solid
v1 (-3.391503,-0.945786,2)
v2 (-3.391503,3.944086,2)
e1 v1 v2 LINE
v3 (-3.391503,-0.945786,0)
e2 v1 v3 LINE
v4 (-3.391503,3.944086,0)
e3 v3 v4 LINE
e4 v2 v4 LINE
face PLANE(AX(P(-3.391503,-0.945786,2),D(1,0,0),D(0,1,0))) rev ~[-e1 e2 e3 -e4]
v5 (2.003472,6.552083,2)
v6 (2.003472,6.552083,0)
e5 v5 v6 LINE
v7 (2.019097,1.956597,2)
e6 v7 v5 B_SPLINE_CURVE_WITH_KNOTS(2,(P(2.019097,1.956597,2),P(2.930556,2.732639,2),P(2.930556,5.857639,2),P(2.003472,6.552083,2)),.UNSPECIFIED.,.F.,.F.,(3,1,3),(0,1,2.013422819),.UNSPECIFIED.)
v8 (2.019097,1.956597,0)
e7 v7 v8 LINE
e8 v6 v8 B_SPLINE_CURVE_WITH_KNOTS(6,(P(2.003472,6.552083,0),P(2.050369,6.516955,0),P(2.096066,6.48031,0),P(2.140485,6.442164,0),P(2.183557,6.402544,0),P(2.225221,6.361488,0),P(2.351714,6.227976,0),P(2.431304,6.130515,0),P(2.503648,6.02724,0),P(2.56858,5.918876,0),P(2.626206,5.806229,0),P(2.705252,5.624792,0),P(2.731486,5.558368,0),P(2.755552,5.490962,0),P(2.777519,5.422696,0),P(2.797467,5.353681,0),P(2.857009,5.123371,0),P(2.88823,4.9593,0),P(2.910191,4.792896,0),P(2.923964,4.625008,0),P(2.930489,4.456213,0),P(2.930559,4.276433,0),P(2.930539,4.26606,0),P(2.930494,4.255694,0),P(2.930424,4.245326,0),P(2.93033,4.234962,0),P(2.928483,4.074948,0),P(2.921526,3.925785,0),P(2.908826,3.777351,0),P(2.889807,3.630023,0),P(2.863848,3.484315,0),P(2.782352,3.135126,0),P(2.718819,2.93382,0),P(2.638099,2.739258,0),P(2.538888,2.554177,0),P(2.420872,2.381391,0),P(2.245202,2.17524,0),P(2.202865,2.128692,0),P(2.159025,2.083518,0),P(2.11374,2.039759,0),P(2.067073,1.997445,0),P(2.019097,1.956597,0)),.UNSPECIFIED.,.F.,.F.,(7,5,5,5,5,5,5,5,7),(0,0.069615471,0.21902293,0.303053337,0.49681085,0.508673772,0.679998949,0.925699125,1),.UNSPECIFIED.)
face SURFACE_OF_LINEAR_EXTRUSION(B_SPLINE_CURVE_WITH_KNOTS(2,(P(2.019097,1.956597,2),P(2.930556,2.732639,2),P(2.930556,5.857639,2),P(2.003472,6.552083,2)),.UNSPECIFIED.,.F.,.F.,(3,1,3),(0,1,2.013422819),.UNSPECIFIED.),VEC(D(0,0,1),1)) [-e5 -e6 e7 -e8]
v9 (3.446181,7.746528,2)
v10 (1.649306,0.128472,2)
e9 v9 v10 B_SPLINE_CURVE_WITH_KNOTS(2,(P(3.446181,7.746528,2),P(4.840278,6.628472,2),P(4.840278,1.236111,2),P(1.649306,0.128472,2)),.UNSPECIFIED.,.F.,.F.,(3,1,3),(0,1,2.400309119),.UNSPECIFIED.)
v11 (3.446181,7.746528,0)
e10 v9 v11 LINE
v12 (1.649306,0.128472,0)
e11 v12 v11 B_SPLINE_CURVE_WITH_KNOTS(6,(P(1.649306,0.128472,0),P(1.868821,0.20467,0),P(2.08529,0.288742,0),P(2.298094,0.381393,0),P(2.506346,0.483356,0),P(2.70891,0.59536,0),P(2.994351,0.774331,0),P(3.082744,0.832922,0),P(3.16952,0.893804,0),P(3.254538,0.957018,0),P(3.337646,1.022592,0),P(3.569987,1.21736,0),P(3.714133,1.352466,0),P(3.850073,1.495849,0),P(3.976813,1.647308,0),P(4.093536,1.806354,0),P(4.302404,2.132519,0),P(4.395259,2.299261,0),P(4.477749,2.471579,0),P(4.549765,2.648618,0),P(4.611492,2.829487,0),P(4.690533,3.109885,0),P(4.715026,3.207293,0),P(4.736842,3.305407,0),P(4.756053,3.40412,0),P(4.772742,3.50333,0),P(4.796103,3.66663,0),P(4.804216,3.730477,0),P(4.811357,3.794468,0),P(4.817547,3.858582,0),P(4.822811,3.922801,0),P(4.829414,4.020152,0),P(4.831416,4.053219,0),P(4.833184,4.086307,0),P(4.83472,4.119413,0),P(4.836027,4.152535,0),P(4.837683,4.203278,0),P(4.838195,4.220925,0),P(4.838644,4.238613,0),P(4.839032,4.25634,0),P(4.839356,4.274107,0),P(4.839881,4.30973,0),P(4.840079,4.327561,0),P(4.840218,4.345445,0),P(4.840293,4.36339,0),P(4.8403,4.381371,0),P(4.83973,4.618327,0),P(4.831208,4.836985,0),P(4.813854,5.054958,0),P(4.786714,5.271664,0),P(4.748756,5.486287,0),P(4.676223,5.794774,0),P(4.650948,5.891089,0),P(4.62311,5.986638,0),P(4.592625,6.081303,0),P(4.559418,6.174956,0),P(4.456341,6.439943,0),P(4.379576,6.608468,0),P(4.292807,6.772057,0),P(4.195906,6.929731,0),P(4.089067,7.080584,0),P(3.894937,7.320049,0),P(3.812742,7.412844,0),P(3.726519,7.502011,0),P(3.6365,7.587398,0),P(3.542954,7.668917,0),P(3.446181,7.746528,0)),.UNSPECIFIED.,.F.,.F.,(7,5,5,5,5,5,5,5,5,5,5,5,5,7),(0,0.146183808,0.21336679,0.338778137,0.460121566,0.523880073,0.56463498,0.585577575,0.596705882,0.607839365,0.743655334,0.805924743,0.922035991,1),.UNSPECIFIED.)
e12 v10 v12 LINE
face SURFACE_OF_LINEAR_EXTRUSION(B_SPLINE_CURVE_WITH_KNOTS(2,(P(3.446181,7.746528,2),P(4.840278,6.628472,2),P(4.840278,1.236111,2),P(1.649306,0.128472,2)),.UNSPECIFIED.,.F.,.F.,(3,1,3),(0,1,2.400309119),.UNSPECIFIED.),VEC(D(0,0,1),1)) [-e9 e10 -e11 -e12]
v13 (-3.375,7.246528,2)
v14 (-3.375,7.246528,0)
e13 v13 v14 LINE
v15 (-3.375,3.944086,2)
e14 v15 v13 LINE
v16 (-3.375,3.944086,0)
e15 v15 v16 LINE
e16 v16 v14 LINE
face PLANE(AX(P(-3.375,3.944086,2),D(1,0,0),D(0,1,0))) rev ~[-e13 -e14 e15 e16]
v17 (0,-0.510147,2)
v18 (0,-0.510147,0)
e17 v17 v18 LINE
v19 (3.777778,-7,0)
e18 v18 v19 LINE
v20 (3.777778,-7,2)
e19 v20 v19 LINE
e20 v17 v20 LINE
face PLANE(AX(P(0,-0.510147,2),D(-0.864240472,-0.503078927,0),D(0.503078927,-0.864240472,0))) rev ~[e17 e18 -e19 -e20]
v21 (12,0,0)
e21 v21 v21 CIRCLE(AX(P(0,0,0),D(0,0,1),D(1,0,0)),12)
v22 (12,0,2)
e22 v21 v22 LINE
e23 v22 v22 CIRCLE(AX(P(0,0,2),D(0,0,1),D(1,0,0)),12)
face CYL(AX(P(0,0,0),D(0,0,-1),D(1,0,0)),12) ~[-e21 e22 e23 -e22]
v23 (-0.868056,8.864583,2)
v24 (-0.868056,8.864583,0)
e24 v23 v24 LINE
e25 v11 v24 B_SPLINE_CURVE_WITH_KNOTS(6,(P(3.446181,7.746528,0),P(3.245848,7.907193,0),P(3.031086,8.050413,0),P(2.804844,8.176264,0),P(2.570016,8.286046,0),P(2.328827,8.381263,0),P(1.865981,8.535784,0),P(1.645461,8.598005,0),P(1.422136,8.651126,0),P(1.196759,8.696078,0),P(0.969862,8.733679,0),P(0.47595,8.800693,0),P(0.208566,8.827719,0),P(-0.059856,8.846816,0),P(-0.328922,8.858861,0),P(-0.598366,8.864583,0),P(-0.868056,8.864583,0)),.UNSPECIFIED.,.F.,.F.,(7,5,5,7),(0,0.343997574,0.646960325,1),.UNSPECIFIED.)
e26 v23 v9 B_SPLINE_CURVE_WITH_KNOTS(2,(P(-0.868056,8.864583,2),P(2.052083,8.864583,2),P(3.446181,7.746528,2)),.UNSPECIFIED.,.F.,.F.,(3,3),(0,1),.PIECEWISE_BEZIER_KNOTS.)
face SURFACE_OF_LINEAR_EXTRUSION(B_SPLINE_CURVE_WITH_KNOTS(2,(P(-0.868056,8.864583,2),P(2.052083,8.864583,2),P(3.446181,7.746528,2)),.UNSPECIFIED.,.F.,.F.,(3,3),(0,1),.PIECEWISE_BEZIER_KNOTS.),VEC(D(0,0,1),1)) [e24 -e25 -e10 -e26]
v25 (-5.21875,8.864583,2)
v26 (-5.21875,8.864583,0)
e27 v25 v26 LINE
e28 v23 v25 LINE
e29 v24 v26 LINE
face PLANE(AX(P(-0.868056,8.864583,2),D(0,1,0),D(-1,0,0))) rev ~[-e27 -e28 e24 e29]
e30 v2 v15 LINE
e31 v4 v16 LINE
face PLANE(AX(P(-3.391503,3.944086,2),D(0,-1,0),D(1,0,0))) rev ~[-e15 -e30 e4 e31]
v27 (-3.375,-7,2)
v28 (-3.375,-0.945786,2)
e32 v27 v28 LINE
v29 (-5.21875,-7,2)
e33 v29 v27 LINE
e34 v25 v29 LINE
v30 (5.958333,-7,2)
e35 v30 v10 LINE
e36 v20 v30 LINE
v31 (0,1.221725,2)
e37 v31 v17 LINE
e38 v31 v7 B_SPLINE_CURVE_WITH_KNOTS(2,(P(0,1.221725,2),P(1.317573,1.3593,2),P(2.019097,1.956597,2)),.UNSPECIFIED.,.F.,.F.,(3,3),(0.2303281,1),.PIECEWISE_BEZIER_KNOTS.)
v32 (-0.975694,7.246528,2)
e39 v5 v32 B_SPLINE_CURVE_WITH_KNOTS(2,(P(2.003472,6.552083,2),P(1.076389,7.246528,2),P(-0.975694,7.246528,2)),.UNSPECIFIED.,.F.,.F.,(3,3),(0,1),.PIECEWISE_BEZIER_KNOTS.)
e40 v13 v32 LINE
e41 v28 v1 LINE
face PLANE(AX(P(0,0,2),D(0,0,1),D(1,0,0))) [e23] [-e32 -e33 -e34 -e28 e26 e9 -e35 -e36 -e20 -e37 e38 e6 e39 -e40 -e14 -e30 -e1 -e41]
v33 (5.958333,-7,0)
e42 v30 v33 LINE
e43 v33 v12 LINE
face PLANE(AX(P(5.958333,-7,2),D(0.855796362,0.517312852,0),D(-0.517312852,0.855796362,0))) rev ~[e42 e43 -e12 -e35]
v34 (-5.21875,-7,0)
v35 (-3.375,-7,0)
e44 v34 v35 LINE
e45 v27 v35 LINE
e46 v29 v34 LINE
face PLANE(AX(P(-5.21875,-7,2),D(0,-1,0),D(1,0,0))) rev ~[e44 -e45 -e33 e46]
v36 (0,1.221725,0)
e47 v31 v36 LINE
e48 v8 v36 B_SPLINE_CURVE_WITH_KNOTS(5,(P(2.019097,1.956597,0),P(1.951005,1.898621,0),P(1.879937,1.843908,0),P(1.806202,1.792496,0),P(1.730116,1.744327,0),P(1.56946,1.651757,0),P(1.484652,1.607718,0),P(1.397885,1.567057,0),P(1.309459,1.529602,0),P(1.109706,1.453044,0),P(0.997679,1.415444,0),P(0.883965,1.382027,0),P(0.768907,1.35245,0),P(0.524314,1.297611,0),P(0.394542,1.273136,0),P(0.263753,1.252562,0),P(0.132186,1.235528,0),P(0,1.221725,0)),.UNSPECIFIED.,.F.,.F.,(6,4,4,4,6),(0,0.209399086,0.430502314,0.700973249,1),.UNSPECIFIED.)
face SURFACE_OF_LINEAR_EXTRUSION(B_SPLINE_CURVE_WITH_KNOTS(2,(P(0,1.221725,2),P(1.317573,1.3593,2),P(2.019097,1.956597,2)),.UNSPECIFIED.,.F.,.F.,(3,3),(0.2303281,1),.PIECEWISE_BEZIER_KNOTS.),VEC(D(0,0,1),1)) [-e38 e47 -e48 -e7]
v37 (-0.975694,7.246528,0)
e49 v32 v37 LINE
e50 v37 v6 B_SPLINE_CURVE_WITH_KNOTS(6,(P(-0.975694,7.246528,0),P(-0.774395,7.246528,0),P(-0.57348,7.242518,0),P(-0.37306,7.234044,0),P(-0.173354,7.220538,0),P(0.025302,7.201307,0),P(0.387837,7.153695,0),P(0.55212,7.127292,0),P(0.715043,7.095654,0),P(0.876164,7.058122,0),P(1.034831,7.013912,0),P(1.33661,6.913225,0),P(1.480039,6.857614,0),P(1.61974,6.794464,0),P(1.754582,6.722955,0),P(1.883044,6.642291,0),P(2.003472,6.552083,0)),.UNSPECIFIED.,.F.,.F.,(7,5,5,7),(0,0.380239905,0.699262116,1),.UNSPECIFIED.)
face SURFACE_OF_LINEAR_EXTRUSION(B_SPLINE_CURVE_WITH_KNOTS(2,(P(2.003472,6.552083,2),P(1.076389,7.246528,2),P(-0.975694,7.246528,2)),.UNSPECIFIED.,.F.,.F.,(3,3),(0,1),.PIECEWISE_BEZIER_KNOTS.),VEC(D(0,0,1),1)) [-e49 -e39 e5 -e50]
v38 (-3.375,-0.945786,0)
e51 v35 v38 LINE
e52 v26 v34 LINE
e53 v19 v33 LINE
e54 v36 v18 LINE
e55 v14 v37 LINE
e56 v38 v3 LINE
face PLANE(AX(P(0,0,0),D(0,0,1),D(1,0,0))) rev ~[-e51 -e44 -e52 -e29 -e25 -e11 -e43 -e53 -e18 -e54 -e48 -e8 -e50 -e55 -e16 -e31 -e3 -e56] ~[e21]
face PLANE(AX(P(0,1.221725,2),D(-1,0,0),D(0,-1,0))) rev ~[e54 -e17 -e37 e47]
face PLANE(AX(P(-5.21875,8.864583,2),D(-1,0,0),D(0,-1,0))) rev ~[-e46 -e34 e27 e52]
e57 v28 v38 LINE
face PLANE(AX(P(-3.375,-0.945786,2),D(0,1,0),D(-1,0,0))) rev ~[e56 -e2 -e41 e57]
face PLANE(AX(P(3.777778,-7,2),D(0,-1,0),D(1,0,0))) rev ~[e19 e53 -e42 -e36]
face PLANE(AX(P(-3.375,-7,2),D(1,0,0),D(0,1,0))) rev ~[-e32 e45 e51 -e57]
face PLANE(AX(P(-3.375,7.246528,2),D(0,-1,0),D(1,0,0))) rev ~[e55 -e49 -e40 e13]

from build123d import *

# Parameters (mm, degrees)
F0_R     = 12
F1_DEPTH = 2
F3_DEPTH = 25


with BuildPart() as f1:
    # F0 (on Top) → F1 (new body)
    with BuildSketch(Plane.XY):
        Circle(F0_R)
    extrude(amount=F1_DEPTH)

    # F2 (on face) → F3 (cut)
    with BuildSketch(Plane.XY.offset(2)):
        with BuildLine():
            Line((-3.3915031236, -0.9457857469), (-3.3915031236, 3.944085829))
            Line((-3.3915031236, 3.944085829), (-3.375, 3.944085829))
            Line((-3.375, 3.944085829), (-3.375, 7.2465277778))
            Line((-3.375, 7.2465277778), (-0.9756944444, 7.2465277778))
            add(Edge.make_bspline(
                [(2.0034722222, 6.5520833333), (1.0763888889, 7.2465277778), (-0.9756944444, 7.2465277778)],
                knots=[0, 0, 0, 1, 1, 1], degree=2))
            add(Edge.make_bspline(
                [(2.9305555556, 4.2847222222), (2.9305555556, 5.8576388889), (2.0034722222, 6.5520833333)],
                knots=[0, 0, 0, 1, 1, 1], degree=2))
            add(Edge.make_bspline(
                [(2.0190972222, 1.9565972222), (2.9305555556, 2.7326388889), (2.9305555556, 4.2847222222)],
                knots=[0, 0, 0, 1, 1, 1], degree=2))
            add(Edge.make_bspline(
                [(0, 1.2217253682), (1.3175733552, 1.3592997583), (2.0190972222, 1.9565972222)],
                knots=[0.2303281002, 0.2303281002, 0.2303281002, 1, 1, 1], degree=2))
            Line((0, 1.2217253682), (0, -0.5101466747))
            Line((0, -0.5101466747), (3.7777777778, -7))
            Line((3.7777777778, -7), (5.9583333333, -7))
            Line((5.9583333333, -7), (1.6493055556, 0.1284722222))
            add(Edge.make_bspline(
                [(4.8402777778, 4.3819444444), (4.8402777778, 1.2361111111), (1.6493055556, 0.1284722222)],
                knots=[0, 0, 0, 1, 1, 1], degree=2))
            add(Edge.make_bspline(
                [(3.4461805556, 7.7465277778), (4.8402777778, 6.6284722222), (4.8402777778, 4.3819444444)],
                knots=[0, 0, 0, 1, 1, 1], degree=2))
            add(Edge.make_bspline(
                [(-0.8680555556, 8.8645833333), (2.0520833333, 8.8645833333), (3.4461805556, 7.7465277778)],
                knots=[0, 0, 0, 1, 1, 1], degree=2))
            Line((-0.8680555556, 8.8645833333), (-5.21875, 8.8645833333))
            Line((-5.21875, 8.8645833333), (-5.21875, -7))
            Line((-5.21875, -7), (-3.375, -7))
            Line((-3.375, -7), (-3.375, -0.9457857469))
            Line((-3.375, -0.9457857469), (-3.3915031236, -0.9457857469))
        make_face()
    extrude(amount=-F3_DEPTH, mode=Mode.SUBTRACT)


solid = f1.part
